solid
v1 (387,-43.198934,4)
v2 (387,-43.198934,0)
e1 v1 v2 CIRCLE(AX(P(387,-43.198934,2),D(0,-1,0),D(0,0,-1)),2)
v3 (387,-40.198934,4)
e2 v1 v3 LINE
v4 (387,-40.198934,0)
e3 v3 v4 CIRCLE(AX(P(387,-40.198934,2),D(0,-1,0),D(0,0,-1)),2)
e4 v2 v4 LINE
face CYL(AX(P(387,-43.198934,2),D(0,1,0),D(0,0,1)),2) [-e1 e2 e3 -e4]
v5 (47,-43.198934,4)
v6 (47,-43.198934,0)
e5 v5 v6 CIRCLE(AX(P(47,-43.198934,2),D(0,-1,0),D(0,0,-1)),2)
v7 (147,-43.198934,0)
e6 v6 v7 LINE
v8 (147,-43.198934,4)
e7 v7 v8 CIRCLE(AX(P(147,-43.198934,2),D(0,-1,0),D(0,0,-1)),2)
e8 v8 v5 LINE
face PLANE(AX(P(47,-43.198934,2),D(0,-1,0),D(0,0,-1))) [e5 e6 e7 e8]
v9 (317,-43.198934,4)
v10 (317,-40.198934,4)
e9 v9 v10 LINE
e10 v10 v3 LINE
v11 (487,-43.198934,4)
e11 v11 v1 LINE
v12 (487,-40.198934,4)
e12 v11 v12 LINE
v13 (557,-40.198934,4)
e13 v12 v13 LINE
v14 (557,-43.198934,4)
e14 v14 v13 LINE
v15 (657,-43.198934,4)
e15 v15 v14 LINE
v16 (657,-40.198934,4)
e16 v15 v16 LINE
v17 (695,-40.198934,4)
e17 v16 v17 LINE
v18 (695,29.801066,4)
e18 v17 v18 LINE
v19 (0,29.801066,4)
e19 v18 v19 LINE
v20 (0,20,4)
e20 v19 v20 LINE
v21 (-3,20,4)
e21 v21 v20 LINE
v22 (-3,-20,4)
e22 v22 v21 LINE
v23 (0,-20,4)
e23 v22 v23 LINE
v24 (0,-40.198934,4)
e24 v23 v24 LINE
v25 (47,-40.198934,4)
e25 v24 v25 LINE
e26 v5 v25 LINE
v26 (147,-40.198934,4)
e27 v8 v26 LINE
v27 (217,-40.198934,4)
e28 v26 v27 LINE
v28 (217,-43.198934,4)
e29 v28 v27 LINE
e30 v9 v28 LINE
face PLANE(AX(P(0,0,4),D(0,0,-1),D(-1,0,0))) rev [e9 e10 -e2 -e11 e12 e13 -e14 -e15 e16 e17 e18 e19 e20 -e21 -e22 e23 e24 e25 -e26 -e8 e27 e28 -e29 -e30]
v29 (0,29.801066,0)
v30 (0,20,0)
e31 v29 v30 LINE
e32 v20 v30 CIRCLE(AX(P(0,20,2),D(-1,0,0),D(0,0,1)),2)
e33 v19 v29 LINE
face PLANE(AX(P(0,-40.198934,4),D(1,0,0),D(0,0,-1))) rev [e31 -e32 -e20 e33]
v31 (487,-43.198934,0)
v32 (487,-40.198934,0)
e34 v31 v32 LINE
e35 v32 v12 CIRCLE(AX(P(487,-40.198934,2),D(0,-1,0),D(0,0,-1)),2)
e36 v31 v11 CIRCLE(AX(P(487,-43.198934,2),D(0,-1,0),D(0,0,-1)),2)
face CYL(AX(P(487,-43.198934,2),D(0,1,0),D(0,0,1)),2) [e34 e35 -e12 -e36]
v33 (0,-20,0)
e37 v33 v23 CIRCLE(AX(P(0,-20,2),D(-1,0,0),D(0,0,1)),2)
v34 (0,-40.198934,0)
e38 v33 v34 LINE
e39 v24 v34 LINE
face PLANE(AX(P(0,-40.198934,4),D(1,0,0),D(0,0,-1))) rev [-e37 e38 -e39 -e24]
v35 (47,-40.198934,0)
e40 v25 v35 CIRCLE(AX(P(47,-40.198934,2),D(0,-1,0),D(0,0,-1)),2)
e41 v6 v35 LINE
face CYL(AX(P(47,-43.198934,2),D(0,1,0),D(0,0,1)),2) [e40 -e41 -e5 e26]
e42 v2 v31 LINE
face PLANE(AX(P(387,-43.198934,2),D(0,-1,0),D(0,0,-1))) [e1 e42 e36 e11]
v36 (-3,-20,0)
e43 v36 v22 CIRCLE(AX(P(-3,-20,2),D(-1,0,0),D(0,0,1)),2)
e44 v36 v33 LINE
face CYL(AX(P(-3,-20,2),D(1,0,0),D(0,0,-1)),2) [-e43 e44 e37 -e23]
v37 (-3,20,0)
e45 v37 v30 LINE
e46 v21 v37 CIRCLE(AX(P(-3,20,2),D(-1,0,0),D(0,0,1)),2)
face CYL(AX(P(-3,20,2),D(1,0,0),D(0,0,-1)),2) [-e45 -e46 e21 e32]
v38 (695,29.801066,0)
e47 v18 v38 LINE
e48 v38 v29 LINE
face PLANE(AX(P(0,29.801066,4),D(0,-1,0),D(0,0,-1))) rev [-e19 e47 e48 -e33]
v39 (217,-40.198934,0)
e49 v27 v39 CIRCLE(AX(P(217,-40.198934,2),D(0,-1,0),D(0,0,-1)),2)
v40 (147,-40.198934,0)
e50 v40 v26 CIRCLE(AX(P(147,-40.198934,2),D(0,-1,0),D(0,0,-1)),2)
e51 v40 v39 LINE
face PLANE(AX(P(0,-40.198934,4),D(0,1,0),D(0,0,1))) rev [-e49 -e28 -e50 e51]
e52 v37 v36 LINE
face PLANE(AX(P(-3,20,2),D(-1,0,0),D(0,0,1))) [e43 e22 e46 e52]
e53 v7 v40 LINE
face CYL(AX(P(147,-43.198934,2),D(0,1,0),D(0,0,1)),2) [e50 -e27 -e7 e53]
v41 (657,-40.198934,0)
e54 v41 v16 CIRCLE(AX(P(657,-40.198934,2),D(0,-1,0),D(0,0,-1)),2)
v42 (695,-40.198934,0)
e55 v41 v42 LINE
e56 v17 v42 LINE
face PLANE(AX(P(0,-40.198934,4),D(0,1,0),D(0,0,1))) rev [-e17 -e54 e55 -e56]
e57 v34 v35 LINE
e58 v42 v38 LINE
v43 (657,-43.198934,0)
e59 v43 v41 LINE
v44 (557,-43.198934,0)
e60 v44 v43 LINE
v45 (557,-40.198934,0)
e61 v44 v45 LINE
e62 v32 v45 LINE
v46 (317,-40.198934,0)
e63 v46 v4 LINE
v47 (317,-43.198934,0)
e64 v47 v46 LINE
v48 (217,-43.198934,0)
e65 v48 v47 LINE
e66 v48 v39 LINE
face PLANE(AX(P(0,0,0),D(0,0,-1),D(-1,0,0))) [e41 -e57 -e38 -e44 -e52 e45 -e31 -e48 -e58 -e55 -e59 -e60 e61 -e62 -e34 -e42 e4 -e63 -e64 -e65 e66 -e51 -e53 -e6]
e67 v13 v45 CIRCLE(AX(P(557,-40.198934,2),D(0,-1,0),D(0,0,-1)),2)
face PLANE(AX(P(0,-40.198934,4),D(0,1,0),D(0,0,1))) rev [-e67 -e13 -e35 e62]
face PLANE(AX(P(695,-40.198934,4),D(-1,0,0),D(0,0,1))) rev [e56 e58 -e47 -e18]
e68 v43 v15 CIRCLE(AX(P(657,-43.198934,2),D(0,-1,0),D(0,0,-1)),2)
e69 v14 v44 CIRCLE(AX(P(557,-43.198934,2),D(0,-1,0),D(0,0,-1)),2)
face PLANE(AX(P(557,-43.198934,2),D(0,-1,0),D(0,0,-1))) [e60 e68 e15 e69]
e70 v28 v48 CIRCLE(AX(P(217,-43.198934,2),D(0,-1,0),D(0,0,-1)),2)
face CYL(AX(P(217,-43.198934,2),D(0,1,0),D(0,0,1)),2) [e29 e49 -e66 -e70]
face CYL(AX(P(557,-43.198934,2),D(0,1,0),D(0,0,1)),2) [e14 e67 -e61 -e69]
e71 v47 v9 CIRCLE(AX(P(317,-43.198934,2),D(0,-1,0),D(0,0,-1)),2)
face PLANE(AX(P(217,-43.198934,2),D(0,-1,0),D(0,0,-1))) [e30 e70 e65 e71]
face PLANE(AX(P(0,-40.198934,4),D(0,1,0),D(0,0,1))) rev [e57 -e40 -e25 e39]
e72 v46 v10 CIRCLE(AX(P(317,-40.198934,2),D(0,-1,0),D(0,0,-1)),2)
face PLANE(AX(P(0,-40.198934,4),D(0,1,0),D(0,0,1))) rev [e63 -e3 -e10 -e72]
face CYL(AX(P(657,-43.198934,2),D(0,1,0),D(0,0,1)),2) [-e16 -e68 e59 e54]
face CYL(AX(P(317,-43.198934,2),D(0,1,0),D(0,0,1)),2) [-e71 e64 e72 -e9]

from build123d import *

# Parameters (mm, degrees)
SKETCH_1_W      = 695
SKETCH_1_H      = 70
EXTRUDE_1_DEPTH = 4
EXTRUDE_2_DEPTH = 3
EXTRUDE_3_DEPTH = 3


with BuildPart() as part:
    # Эскиз1 → Бобышка-Вытянуть1 (new body)
    with BuildSketch(Plane.XY):
        with Locations((347.5, -5.198933607)):
            Rectangle(SKETCH_1_W, SKETCH_1_H)
    extrude(amount=EXTRUDE_1_DEPTH)

    # Эскиз2 → Бобышка-Вытянуть2 (add)
    with BuildSketch(Plane.XZ.offset(40.198933607)):
        with BuildLine():
            Line((47, 4), (147, 4))
            ThreePointArc((147, 4), (149, 2), (147, 0))
            Line((147, 0), (47, 0))
            ThreePointArc((47, 0), (45, 2), (47, 4))
        make_face()
        with BuildLine():
            Line((217, 4), (317, 4))
            ThreePointArc((317, 4), (319, 2), (317, 0))
            Line((317, 0), (217, 0))
            ThreePointArc((217, 0), (215, 2), (217, 4))
        make_face()
        with BuildLine():
            Line((387, 4), (487, 4))
            ThreePointArc((487, 4), (489, 2), (487, 0))
            Line((487, 0), (387, 0))
            ThreePointArc((387, 0), (385, 2), (387, 4))
        make_face()
        with BuildLine():
            Line((557, 4), (657, 4))
            ThreePointArc((657, 4), (659, 2), (657, 0))
            Line((657, 0), (557, 0))
            ThreePointArc((557, 0), (555, 2), (557, 4))
        make_face()
    extrude(amount=EXTRUDE_2_DEPTH)

    # Эскиз3 → Бобышка-Вытянуть3 (add)
    with BuildSketch(Plane.ZY):
        with BuildLine():
            Line((4, 20), (4, -20))
            ThreePointArc((4, -20), (2, -22), (0, -20))
            Line((0, -20), (0, 20))
            ThreePointArc((0, 20), (2, 22), (4, 20))
        make_face()
    extrude(amount=EXTRUDE_3_DEPTH)


solid = part.part
